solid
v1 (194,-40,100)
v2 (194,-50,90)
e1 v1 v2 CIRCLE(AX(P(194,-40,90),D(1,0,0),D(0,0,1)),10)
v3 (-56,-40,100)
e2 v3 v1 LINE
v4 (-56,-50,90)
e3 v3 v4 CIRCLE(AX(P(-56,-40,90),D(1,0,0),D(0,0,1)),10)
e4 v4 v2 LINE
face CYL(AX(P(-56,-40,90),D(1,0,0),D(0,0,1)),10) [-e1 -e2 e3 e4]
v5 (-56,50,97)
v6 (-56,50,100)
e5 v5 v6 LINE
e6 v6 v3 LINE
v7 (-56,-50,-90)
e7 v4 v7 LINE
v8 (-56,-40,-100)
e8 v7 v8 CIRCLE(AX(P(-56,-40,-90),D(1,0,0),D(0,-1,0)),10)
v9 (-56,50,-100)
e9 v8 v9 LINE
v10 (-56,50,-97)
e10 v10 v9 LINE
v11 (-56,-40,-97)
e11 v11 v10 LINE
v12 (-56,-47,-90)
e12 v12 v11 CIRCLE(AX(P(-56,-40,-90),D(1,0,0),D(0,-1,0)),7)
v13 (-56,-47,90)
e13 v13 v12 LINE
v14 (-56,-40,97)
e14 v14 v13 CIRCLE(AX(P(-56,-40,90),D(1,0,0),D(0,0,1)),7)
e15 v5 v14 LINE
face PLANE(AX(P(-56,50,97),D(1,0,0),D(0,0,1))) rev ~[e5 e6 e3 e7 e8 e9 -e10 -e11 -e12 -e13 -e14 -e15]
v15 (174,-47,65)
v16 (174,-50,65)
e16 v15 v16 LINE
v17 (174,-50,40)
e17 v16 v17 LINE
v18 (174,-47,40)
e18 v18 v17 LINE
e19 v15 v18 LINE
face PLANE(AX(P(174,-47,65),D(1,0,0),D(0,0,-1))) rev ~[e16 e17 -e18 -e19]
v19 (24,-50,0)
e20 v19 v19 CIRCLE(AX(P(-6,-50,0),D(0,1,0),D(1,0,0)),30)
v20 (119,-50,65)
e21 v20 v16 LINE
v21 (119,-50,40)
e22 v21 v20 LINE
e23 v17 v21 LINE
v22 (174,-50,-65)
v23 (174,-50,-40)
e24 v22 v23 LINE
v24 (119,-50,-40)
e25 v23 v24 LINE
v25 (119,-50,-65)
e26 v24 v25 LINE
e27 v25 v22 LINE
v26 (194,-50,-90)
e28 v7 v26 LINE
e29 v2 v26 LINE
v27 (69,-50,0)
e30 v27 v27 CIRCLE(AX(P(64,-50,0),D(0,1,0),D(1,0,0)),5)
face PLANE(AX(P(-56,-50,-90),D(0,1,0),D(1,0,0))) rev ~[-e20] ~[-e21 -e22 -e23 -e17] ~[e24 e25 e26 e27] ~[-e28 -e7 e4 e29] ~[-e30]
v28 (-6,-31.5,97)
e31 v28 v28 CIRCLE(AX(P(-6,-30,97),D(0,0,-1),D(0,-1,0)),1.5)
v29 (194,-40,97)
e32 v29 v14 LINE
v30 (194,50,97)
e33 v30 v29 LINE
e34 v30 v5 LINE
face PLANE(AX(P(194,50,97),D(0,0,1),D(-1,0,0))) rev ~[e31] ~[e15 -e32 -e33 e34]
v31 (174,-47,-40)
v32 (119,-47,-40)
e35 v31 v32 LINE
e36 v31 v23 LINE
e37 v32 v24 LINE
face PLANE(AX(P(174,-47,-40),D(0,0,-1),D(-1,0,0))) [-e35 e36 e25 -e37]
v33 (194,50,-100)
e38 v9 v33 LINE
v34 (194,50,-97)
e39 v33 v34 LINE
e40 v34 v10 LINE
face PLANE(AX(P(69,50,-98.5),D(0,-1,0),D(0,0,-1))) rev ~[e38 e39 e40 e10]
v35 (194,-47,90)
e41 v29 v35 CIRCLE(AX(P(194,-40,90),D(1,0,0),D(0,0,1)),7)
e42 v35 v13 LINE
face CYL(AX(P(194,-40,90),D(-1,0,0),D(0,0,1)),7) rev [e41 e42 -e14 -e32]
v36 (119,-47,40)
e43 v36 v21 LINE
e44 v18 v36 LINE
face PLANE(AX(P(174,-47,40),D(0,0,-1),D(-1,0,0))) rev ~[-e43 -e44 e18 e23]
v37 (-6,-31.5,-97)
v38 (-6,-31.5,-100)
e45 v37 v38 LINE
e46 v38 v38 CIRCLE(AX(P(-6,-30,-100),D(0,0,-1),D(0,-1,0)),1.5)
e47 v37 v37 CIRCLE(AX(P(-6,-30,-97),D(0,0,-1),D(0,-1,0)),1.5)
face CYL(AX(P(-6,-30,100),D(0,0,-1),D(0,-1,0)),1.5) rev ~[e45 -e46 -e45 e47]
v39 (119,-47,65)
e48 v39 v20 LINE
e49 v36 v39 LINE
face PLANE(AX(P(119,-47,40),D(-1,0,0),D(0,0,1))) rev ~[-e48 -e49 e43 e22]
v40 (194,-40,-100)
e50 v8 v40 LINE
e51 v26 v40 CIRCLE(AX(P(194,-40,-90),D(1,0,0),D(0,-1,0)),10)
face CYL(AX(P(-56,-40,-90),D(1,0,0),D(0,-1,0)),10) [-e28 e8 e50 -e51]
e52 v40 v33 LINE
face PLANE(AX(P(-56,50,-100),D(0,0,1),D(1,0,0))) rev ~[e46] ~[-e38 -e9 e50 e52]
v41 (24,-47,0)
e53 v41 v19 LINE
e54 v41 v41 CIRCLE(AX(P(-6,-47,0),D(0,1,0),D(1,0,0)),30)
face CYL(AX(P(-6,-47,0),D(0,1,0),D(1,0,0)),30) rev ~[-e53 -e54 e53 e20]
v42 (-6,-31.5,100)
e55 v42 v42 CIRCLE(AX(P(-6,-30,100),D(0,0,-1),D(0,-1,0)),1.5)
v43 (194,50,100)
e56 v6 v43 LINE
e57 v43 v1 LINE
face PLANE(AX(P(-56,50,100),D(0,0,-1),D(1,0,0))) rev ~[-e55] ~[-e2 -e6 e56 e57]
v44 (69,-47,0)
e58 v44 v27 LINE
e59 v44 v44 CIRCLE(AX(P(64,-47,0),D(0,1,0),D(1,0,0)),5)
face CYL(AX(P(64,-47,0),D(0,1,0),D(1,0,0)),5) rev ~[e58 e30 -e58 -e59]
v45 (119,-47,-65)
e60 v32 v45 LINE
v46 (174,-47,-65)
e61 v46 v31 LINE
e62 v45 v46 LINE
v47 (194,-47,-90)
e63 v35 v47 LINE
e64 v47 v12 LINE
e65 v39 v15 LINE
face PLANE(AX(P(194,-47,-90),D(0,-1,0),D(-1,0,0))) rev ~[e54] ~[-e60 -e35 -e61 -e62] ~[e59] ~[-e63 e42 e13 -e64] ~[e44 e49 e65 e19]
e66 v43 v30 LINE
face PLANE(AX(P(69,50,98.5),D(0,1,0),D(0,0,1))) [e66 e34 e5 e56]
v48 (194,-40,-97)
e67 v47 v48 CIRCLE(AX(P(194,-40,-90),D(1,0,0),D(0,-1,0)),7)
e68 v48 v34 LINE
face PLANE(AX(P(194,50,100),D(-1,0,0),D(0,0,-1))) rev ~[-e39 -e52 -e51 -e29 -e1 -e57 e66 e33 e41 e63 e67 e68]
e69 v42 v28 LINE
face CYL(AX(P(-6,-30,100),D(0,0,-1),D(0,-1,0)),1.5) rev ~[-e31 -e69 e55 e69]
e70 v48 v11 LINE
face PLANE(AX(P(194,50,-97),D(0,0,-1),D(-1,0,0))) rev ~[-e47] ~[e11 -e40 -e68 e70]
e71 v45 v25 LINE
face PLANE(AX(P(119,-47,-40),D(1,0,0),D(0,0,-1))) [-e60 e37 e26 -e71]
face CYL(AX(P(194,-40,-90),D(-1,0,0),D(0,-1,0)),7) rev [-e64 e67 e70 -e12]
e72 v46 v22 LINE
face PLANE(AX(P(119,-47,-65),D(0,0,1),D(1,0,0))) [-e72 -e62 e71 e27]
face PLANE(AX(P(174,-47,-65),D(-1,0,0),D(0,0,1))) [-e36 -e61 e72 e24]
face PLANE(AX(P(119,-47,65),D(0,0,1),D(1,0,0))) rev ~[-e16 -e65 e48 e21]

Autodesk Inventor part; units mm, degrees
ref_plane "YZ Plane" through (0, 0, 0) normal (1, 0, 0) x (0, 1, 0)
ref_plane "XY Plane" through (0, 0, 0) normal (0, 0, 1) x (1, 0, 0)
sketch "Sketch1" plane through (0, 0, 0) normal (1, 0, 0) x (0, 1, 0)
  line L0 (50, -100) -> (-50, -100) construction
  line L1 (-50, -100) -> (-50, 100) construction
  line L2 (-50, 100) -> (50, 100) construction
  line L3 (50, 100) -> (50, -100) construction
  line L4 (50, -100) -> (-50, 100) construction
  line L5 (-50, -100) -> (50, 100) construction
  line L6 (50, 100) -> (-40, 100)
  arc A0 (-40, 100) -> (-50, 90) centre (-40, 90) ccw
  line L7 (50, -100) -> (-40, -100)
  arc A1 (-50, -90) -> (-40, -100) centre (-40, -90) ccw
  line L8 (-50, -90) -> (-50, 90)
  point P0 (0, 0)
  dimension "d0" = 100
  dimension "d1" = 200
  dimension "d2" = 90
  dimension "d3" = 90
ref_plane "Work Plane1" through (0, 50, 100) normal (0, 1, 0) x (-1, 0, 0)
sketch "Sketch2" plane through (0, 50, 100) normal (0, 1, 0) x (-1, 0, 0)
  line L0 (56, 0) -> (-194, 0)
  line L1 (-194, 0) -> (-194, -3)
  line L2 (-194, -3) -> (56, -3)
  line L3 (56, -3) -> (56, 0)
  point P0 (0, -100)
  dimension "d4" = 250
  dimension "d5" = 3
sweep "Sweep1" add profiles "Sketch2" path "Sketch1"
sketch "Sketch3" plane through (-56, -47, 90) normal (0, 1, 0) x (1, 0, 0)
  circle A0 centre (50, 90) radius 30
  line L0 (175, 25) -> (230, 25)
  line L1 (230, 25) -> (230, 50)
  line L2 (230, 50) -> (175, 50)
  line L3 (175, 50) -> (175, 25)
  line L4 (250, 0) -> (250, 180) projected
  line L5 (0, 0) -> (250, 0) projected
  line L6 (56, 90) -> (50, 90) construction
  line L7 (50, 90) -> (250, 90) construction
  line L8 (175, 155) -> (230, 155)
  line L9 (230, 155) -> (230, 130)
  line L10 (230, 130) -> (175, 130)
  line L11 (175, 130) -> (175, 155)
  line L12 (0, 0) -> (0, 180) projected
  circle A1 centre (120, 90) radius 5
  dimension "d8" = 60
  dimension "d10" = 55
  dimension "d11" = 25
  dimension "d12" = 20
  dimension "d13" = 25
  dimension "d25" = 50
  dimension "d26" = 10
  dimension "d27" = 120
extrude "Extrusion1" cut sketch "Sketch3" against normal through all
sketch "Sketch4" plane through (-56, 50, 100) normal (0, 0, 1) x (1, 0, 0)
  line L0 (0, 0) -> (0, -90) projected
  line L1 (250, -90) -> (0, -90) projected
  point P0 (56, -50)
  point P1 (50, -80)
  dimension "d16" = 50
  dimension "d17" = 10
hole "Hole1" at (-6, -30, 100) direction (0, 0, -1) diameter 3 end through all
equation "\"d3\" = d2"
equation "\"d16\" = d9"
equation "\"d9\" = 50"
properties material "PMMA Plastic"
